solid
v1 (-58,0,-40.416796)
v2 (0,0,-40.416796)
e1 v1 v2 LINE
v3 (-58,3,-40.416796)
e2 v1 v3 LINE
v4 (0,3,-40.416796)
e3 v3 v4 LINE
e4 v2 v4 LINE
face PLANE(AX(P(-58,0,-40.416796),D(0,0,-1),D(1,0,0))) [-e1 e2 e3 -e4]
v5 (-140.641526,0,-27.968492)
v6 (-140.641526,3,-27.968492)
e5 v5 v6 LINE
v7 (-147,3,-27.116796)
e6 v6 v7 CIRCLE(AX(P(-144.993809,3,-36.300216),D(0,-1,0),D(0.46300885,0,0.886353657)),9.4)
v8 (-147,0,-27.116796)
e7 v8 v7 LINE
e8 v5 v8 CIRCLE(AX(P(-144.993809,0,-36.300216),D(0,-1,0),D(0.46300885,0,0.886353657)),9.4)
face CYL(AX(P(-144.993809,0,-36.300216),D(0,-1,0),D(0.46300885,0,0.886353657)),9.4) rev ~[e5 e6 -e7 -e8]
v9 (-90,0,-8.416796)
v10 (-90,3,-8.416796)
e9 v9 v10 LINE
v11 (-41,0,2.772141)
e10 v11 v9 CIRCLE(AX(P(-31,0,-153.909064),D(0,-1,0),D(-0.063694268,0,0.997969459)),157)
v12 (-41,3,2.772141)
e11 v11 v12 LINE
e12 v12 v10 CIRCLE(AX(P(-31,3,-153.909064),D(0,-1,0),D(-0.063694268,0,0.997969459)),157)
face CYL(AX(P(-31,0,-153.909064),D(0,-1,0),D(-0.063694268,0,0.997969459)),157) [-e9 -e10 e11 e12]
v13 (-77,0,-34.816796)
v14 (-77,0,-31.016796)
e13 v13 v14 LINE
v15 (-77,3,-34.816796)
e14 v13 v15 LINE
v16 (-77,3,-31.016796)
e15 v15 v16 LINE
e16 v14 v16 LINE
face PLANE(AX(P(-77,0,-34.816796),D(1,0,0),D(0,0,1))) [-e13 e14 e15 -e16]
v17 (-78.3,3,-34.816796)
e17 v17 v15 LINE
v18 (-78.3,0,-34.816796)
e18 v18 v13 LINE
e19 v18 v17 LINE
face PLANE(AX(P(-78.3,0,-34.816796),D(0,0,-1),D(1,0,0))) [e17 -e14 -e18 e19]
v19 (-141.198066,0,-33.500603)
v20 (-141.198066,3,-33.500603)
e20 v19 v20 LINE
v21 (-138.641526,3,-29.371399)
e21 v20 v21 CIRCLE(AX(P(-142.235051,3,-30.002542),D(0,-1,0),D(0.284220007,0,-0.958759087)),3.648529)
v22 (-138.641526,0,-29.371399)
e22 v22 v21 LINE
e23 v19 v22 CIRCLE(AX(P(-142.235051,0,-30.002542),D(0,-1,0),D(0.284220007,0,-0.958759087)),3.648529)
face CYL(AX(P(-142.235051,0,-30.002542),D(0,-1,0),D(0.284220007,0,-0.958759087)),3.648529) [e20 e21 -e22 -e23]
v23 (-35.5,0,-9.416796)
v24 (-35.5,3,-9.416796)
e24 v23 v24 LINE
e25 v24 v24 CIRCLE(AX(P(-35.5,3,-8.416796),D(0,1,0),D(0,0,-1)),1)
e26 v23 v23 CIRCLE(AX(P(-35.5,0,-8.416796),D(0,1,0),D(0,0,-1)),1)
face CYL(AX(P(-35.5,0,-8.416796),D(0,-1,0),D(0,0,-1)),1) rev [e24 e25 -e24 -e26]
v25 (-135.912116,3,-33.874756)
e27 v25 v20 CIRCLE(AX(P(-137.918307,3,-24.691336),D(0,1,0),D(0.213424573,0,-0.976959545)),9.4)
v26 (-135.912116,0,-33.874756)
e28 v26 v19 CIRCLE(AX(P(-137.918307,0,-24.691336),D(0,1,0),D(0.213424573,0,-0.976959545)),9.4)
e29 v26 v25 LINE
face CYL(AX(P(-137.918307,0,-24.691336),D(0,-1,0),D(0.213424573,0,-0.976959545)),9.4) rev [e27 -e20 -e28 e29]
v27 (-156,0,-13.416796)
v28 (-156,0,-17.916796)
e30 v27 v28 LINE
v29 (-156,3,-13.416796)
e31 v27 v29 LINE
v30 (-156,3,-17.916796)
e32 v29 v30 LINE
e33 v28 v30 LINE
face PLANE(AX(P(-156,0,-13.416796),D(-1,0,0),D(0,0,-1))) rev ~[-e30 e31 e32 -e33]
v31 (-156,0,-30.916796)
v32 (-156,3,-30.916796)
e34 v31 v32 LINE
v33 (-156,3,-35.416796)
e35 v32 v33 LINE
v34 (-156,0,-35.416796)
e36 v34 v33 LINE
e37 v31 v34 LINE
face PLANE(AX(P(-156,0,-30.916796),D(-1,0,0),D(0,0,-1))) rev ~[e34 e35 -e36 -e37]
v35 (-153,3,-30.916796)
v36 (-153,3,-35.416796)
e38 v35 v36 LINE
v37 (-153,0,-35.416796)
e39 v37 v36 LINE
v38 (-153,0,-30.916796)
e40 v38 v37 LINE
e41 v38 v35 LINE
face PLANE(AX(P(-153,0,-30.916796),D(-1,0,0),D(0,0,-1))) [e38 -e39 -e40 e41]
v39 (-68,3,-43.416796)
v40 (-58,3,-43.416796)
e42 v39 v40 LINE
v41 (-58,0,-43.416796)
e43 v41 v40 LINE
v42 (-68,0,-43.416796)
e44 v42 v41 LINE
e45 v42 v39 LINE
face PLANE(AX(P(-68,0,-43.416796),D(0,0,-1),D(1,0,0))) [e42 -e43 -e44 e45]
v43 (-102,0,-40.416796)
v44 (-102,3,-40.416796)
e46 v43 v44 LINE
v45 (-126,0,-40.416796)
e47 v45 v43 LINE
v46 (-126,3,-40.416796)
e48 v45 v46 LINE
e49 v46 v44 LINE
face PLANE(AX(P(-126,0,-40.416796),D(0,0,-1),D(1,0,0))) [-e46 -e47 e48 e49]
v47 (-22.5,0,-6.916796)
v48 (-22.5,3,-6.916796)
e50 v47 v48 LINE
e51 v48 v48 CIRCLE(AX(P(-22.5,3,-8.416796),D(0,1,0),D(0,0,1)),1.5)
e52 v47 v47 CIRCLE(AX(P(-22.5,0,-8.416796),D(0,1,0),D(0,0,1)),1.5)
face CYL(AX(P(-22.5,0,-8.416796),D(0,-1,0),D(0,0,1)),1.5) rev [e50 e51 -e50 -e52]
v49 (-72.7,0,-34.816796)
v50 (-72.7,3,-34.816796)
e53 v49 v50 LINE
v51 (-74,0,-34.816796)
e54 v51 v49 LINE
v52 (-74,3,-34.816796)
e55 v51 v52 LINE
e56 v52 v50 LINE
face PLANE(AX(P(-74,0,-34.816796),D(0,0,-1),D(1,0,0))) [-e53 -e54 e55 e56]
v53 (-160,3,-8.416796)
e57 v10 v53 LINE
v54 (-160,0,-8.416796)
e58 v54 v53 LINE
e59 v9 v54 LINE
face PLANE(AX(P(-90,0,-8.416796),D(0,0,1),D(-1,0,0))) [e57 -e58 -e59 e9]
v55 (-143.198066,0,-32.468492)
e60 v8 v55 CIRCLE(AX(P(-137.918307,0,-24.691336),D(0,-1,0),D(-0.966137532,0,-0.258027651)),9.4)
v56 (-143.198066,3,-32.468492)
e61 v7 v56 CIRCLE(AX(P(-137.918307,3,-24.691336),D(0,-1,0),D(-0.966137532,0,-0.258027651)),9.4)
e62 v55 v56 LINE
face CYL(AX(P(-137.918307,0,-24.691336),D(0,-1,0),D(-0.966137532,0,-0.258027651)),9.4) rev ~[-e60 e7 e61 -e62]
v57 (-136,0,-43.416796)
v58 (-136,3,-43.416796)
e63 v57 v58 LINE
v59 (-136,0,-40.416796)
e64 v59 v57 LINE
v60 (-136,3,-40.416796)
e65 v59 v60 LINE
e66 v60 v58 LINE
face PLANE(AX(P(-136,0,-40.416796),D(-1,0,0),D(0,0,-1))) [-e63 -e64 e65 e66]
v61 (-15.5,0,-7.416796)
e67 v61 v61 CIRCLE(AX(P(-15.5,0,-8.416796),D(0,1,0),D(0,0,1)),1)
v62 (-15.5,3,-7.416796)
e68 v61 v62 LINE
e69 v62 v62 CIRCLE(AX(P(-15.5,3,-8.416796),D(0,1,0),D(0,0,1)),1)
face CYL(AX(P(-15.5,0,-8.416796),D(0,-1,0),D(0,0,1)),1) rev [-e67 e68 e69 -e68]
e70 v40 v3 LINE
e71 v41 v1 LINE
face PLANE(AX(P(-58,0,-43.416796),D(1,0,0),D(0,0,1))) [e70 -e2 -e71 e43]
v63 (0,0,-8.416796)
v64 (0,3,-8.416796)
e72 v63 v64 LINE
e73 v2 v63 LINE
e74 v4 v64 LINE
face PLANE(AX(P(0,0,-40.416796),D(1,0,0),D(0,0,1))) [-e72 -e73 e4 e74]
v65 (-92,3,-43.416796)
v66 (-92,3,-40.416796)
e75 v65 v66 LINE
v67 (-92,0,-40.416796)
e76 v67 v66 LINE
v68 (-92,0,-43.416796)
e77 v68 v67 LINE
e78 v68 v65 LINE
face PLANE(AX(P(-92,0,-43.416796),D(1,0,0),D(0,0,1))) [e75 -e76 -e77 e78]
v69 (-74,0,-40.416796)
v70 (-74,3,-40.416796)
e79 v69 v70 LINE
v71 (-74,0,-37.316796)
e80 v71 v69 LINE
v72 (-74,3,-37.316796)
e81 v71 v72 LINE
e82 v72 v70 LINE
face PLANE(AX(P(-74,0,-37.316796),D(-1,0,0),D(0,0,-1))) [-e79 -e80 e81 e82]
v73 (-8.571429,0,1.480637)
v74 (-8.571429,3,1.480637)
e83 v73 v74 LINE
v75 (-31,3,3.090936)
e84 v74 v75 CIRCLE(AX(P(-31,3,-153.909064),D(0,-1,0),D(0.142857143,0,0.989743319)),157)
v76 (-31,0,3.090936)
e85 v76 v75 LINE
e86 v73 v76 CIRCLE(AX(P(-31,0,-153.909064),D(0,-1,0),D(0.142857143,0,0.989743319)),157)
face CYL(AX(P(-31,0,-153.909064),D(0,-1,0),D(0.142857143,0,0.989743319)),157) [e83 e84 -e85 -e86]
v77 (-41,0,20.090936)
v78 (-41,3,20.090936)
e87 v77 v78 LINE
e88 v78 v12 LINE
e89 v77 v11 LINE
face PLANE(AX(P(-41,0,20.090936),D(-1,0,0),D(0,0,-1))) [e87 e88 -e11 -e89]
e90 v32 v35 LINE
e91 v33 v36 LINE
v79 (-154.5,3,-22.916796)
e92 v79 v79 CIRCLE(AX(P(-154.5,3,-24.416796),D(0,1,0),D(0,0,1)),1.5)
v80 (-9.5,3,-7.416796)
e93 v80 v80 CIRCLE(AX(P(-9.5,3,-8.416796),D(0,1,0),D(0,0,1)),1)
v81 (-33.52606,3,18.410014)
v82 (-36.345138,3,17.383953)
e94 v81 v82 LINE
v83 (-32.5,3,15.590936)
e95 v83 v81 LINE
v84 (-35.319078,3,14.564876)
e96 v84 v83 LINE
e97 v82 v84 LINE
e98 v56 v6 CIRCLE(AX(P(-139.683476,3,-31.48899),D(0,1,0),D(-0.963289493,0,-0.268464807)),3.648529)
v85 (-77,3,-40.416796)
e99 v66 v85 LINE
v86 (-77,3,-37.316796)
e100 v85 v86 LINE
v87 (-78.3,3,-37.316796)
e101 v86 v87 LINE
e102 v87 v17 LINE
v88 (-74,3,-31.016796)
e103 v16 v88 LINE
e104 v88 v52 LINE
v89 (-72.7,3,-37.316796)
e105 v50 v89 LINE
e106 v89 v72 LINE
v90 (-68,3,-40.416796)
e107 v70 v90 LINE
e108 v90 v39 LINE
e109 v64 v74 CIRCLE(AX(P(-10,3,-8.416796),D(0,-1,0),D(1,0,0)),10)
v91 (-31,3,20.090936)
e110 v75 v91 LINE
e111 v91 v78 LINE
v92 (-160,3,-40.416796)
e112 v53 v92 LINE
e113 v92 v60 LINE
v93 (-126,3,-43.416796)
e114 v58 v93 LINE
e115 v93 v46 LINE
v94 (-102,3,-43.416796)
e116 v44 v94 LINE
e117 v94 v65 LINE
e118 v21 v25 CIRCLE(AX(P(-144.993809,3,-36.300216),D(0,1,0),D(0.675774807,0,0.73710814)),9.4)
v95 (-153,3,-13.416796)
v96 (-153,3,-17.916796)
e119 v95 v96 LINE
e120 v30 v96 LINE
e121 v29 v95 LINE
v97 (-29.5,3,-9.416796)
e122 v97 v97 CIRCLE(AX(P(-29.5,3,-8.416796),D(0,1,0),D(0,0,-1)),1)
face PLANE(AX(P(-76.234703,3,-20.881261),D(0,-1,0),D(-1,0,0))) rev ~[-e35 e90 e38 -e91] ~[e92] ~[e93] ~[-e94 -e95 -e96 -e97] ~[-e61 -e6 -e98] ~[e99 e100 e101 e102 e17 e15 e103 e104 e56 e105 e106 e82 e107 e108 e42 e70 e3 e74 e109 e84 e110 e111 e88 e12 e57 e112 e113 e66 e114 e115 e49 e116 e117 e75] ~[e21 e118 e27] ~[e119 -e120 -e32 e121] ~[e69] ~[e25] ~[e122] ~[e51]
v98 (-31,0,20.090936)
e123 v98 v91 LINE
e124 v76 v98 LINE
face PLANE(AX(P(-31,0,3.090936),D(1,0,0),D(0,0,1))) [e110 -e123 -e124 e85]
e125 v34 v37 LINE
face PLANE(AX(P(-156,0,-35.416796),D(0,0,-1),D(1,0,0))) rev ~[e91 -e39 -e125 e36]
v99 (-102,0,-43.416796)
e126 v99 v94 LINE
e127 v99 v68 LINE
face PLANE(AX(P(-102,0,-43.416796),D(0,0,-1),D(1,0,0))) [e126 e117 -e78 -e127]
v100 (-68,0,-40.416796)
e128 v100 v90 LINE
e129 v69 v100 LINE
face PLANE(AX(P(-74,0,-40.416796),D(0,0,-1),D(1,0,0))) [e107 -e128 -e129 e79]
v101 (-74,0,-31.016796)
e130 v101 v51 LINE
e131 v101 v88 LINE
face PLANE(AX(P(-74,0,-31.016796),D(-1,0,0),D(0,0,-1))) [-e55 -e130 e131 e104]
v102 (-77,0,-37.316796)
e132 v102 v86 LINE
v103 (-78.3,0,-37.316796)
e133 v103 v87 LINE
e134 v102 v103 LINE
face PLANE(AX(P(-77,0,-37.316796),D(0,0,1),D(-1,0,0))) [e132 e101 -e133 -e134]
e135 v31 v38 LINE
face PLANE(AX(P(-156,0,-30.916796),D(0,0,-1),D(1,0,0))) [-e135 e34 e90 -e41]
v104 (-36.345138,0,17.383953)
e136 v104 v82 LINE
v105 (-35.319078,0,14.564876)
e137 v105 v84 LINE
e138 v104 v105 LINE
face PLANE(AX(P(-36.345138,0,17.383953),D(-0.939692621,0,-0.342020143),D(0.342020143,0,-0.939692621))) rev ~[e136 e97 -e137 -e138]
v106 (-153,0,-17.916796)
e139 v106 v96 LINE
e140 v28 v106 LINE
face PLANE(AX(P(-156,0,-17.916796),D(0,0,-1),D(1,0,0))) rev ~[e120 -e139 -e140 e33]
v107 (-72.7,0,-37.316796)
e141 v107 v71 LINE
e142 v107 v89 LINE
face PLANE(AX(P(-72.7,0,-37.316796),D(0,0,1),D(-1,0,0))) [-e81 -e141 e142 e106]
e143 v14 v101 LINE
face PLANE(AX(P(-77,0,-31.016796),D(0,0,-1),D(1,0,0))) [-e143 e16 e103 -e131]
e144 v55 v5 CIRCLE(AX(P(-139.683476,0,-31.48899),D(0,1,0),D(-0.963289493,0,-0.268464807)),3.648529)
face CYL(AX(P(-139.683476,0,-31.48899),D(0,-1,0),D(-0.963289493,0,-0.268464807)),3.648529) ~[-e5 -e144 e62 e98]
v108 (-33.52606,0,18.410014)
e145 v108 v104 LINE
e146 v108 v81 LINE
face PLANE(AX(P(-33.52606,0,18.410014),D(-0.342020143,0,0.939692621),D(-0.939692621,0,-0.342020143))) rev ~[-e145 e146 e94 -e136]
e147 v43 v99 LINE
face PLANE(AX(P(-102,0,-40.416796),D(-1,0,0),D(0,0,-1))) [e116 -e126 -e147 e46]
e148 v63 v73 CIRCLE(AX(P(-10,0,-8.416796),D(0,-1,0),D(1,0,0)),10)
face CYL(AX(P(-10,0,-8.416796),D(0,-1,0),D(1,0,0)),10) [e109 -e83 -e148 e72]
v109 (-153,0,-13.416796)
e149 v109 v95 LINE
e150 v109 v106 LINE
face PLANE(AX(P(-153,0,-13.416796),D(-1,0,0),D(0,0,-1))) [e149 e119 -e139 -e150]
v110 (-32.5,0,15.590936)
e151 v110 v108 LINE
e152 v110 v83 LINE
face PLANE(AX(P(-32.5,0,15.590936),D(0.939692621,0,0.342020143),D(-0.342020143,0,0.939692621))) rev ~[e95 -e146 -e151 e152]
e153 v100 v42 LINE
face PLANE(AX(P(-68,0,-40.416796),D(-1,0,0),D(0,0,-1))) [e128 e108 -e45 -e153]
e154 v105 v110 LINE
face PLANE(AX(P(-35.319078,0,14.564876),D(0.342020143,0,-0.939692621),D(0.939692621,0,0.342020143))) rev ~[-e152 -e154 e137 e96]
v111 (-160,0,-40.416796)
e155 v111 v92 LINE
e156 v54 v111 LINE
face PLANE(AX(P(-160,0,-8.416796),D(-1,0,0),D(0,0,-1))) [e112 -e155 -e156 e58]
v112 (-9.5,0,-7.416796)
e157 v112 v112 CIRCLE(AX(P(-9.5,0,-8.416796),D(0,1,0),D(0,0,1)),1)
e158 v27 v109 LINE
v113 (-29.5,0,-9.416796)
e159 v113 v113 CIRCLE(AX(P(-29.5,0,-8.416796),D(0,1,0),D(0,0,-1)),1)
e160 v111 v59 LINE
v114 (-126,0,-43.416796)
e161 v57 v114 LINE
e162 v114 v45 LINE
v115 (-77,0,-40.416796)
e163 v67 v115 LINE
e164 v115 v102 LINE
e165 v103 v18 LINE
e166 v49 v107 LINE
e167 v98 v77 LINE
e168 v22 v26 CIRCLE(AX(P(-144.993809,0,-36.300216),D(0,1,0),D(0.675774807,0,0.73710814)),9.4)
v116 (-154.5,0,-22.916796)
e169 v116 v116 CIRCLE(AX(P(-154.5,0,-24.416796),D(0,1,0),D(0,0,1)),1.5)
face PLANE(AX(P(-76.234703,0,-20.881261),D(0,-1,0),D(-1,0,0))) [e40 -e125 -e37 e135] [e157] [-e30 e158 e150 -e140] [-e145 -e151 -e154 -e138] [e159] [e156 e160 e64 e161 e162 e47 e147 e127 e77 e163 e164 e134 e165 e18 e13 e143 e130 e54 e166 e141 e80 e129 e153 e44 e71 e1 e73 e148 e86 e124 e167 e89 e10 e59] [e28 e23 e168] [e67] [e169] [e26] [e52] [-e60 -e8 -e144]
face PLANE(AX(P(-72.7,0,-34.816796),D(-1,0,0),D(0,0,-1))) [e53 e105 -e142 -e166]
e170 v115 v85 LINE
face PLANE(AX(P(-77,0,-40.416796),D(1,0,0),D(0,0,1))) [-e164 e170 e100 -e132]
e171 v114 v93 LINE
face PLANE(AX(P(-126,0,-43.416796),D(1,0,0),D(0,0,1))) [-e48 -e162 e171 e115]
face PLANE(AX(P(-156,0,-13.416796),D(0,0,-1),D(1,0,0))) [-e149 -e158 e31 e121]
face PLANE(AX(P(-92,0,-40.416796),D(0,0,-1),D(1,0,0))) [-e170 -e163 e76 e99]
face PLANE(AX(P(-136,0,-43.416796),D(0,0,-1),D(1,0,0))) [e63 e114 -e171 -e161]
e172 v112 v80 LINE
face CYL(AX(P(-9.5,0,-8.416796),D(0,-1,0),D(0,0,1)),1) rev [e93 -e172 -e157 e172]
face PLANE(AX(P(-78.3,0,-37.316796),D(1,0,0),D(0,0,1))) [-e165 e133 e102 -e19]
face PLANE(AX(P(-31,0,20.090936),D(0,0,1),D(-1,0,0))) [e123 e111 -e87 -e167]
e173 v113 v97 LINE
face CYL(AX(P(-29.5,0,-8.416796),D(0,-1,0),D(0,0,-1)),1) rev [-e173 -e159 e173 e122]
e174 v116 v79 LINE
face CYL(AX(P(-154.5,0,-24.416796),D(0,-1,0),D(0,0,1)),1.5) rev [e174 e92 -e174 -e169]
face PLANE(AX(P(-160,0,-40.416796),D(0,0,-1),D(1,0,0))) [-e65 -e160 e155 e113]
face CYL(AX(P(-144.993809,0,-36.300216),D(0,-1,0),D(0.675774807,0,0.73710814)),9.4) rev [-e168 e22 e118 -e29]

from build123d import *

# Parameters (mm, degrees)
SKETCH2_R           = 1.5
SKETCH2_R_2         = 1
SKETCH2_W           = 3
SKETCH2_H           = 4.5
BOSS_EXTRUDE1_DEPTH = 3


with BuildPart() as part:
    # Sketch2 → Boss-Extrude1 (new body)
    with BuildSketch(Plane(origin=(0, 0, 0), x_dir=(1, 0, 0), z_dir=(0, 1, 0))):
        with BuildLine():
            Line((-90, 8.416796225), (-160, 8.416796225))
            Line((-160, 8.416796225), (-160, 40.416796225))
            Line((-160, 40.416796225), (-136, 40.416796225))
            Line((-136, 40.416796225), (-136, 43.416796225))
            Line((-136, 43.416796225), (-126, 43.416796225))
            Line((-126, 43.416796225), (-126, 40.416796225))
            Line((-126, 40.416796225), (-102, 40.416796225))
            Line((-102, 40.416796225), (-102, 43.416796225))
            Line((-102, 43.416796225), (-92, 43.416796225))
            Line((-92, 43.416796225), (-92, 40.416796225))
            Line((-92, 40.416796225), (-77, 40.416796225))
            Line((-77, 40.416796225), (-77, 37.316796225))
            Line((-77, 37.316796225), (-78.3, 37.316796225))
            Line((-78.3, 37.316796225), (-78.3, 34.816796225))
            Line((-78.3, 34.816796225), (-77, 34.816796225))
            Line((-77, 34.816796225), (-77, 31.016796225))
            Line((-77, 31.016796225), (-74, 31.016796225))
            Line((-74, 31.016796225), (-74, 34.816796225))
            Line((-74, 34.816796225), (-72.7, 34.816796225))
            Line((-72.7, 34.816796225), (-72.7, 37.316796225))
            Line((-72.7, 37.316796225), (-74, 37.316796225))
            Line((-74, 37.316796225), (-74, 40.416796225))
            Line((-74, 40.416796225), (-68, 40.416796225))
            Line((-68, 40.416796225), (-68, 43.416796225))
            Line((-68, 43.416796225), (-58, 43.416796225))
            Line((-58, 43.416796225), (-58, 40.416796225))
            Line((-58, 40.416796225), (0, 40.416796225))
            Line((0, 40.416796225), (0, 8.416796225))
            ThreePointArc((0, 8.416796225), (-2.44071054, 1.870259518), (-8.571428571, -1.480636961))
            ThreePointArc((-8.571428571, -1.480636961), (-19.756847872, -2.687843732), (-31, -3.090935939))
            Line((-31, -3.090935939), (-31, -20.090935939))
            Line((-31, -20.090935939), (-41, -20.090935939))
            Line((-41, -20.090935939), (-41, -2.772140939))
            ThreePointArc((-41, -2.772140939), (-65.95065205, 0.848775542), (-90, 8.416796225))
        make_face()
        with Locations(Location((-22.5, 8.416796225, 0), (0, 0, 270))):
            Circle(SKETCH2_R, mode=Mode.SUBTRACT)
        with Locations(Location((-15.5, 8.416796225, 0), (0, 0, 270))):
            Circle(SKETCH2_R_2, mode=Mode.SUBTRACT)
        with Locations(Location((-29.5, 8.416796225, 0), (0, 0, 90))):
            Circle(SKETCH2_R_2, mode=Mode.SUBTRACT)
        with Locations(Location((-9.5, 8.416796225, 0), (0, 0, 270))):
            Circle(SKETCH2_R_2, mode=Mode.SUBTRACT)
        with Locations(Location((-35.5, 8.416796225, 0), (0, 0, 90))):
            Circle(SKETCH2_R_2, mode=Mode.SUBTRACT)
        with Locations(Location((-154.5, 24.416796225, 0), (0, 0, 270))):
            Circle(SKETCH2_R, mode=Mode.SUBTRACT)
        with Locations((-154.5, 33.166796225)):
            Rectangle(SKETCH2_W, SKETCH2_H, mode=Mode.SUBTRACT)
        with Locations((-154.5, 15.666796225)):
            Rectangle(SKETCH2_W, SKETCH2_H, mode=Mode.SUBTRACT)
        Polygon((-32.5, -15.590935939), (-33.52606043, -18.410013802), (-36.345138292, -17.383953372), (-35.319077862, -14.564875509), align=None, mode=Mode.SUBTRACT)
        with BuildLine():
            ThreePointArc((-147, 27.116796225), (-145.581399645, 30.135325114), (-143.198066283, 32.468491571))
            ThreePointArc((-143.198066283, 32.468491571), (-142.855798146, 29.686729967), (-140.641525824, 27.968491571))
            ThreePointArc((-140.641525824, 27.968491571), (-143.745857333, 26.98342376), (-147, 27.116796225))
        make_face(mode=Mode.SUBTRACT)
        with BuildLine():
            ThreePointArc((-141.198066283, 33.500603039), (-139.132957266, 31.923161808), (-138.641525824, 29.371399432))
            ThreePointArc((-138.641525824, 29.371399432), (-136.955030568, 31.428045885), (-135.912116211, 33.874756027))
            ThreePointArc((-135.912116211, 33.874756027), (-138.582002565, 34.067876633), (-141.198066283, 33.500603039))
        make_face(mode=Mode.SUBTRACT)
    extrude(amount=BOSS_EXTRUDE1_DEPTH)


solid = part.part
